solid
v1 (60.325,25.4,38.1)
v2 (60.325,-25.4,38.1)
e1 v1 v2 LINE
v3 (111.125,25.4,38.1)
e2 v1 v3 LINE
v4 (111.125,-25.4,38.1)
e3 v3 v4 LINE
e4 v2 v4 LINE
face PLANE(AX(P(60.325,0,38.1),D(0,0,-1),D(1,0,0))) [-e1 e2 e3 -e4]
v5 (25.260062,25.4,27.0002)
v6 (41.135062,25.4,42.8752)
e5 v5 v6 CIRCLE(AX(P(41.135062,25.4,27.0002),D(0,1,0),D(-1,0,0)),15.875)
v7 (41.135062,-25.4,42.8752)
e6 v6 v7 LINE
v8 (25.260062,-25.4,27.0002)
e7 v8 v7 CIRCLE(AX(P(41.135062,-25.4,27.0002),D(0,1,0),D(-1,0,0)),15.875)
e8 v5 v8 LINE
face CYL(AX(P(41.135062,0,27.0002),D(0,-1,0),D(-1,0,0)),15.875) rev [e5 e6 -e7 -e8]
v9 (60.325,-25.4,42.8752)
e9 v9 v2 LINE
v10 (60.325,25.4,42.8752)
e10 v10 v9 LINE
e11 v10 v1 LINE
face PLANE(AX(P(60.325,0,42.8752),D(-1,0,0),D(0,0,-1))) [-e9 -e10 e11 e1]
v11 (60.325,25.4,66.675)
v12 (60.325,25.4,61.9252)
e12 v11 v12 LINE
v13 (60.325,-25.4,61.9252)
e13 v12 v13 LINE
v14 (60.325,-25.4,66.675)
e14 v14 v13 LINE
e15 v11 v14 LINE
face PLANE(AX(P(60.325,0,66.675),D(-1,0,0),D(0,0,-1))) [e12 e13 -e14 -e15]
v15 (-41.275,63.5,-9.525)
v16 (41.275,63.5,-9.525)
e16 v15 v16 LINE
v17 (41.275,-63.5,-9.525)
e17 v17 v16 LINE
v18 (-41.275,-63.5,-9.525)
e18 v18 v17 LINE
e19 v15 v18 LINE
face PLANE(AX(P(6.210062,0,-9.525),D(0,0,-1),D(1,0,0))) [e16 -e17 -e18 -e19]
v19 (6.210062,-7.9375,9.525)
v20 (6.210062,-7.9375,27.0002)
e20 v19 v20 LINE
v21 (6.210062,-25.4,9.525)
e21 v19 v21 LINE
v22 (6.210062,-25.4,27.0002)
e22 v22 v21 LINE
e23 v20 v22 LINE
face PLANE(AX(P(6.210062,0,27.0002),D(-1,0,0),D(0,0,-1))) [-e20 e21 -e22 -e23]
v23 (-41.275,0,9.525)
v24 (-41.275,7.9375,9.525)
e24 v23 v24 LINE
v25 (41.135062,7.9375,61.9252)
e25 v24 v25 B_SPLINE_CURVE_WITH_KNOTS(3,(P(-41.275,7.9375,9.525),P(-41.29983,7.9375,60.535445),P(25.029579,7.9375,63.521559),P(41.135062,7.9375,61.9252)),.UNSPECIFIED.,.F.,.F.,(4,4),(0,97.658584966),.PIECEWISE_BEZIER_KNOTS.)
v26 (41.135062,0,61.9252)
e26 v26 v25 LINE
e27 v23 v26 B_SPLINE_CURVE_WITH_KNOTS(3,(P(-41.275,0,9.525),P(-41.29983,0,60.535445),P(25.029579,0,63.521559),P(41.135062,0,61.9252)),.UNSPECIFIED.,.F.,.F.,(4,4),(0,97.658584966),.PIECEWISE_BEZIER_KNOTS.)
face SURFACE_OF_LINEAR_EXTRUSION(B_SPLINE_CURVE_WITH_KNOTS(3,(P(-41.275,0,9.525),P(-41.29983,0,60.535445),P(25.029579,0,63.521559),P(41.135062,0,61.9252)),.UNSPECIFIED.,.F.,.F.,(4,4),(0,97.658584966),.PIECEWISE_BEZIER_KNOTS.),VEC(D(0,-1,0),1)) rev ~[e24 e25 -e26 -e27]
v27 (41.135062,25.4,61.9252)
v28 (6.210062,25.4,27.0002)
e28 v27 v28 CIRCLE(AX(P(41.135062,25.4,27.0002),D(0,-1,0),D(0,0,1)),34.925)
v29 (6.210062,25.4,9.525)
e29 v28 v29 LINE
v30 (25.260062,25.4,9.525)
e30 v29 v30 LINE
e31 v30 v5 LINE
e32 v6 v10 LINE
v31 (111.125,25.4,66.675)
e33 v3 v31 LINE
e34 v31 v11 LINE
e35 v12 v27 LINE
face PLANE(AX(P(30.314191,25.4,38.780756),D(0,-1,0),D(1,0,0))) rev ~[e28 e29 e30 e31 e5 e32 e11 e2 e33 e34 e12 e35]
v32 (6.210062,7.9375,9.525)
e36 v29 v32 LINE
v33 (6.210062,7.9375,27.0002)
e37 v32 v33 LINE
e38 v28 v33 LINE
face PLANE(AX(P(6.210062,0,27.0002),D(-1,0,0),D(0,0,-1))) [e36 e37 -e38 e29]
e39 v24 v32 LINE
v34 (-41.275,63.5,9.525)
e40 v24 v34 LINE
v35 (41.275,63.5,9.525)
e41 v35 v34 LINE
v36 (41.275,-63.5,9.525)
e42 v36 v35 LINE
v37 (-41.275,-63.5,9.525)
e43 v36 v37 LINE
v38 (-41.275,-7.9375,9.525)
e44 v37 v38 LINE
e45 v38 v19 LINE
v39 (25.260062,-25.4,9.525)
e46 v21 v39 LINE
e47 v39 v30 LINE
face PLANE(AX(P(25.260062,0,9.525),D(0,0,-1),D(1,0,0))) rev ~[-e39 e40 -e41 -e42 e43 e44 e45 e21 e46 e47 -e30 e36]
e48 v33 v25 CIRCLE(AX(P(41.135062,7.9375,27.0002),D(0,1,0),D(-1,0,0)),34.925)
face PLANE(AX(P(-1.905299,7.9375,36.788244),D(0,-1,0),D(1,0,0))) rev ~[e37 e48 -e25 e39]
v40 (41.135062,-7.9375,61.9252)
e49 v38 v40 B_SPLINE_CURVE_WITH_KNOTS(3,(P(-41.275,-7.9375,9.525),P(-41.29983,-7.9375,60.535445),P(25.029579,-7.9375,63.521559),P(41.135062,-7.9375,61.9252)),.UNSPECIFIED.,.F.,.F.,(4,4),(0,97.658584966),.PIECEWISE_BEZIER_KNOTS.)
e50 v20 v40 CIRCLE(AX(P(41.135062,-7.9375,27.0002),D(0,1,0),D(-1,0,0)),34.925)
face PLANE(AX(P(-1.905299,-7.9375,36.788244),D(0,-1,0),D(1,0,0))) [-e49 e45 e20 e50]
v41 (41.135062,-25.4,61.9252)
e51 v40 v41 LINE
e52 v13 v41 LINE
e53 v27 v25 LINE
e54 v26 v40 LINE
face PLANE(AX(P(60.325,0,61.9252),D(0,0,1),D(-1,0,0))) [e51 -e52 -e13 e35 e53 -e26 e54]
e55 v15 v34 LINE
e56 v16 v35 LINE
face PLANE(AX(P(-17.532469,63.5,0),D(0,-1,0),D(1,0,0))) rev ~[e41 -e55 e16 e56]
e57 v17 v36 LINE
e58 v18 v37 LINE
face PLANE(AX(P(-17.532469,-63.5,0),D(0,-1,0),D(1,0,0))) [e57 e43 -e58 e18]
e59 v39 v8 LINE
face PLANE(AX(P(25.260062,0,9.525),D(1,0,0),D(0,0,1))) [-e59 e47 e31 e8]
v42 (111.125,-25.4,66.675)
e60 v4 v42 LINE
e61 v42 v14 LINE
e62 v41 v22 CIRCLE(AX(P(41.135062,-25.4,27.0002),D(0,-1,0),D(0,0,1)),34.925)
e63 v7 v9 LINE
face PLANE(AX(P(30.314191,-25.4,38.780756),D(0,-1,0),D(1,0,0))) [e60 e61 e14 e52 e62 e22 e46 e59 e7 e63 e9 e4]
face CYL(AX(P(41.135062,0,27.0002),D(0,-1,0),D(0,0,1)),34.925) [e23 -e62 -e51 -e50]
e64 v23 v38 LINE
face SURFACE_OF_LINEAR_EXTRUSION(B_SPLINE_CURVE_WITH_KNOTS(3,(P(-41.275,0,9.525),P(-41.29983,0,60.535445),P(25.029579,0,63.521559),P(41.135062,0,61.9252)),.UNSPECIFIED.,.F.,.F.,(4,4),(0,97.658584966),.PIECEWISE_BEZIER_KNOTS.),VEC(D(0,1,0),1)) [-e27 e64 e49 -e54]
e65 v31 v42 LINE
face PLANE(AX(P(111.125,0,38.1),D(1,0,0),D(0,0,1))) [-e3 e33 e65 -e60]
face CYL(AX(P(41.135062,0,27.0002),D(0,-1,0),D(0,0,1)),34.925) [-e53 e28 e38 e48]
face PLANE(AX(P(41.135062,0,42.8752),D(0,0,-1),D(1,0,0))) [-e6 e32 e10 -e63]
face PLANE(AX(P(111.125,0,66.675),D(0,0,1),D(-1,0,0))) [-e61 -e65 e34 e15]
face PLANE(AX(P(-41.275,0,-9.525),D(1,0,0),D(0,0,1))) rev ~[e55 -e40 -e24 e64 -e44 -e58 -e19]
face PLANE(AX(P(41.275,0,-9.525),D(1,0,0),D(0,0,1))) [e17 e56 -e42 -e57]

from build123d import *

# Parameters (mm, degrees)
F0_W     = 47.4850616275
F0_H     = 19.05
F0_W_2   = 16.0149383725
F0_W_3   = 19.05
F1_DEPTH = 63.5
F2_DEPTH = 25.4
F3_DEPTH = 7.9375


with BuildPart() as f1:
    # F0 (on Front) → F1 (new body, symmetric)
    with BuildSketch(Plane.XZ):
        with Locations((-17.5324691862, 0)):
            Rectangle(F0_W, F0_H)
        with Locations((33.2675308138, 0)):
            Rectangle(F0_W_2, F0_H)
        with Locations((15.7350616275, 0)):
            Rectangle(F0_W_3, F0_H)
    extrude(amount=F1_DEPTH, both=True)

    # F0 (on Front) → F2 (join, symmetric)
    with BuildSketch(Plane.XZ):
        with BuildLine():
            Line((6.2100616275, 9.525), (25.2600616275, 9.525))
            Line((25.2600616275, 9.525), (25.2600616275, 27.0002))
            ThreePointArc((25.2600616275, 27.0002), (29.9097414762, 38.2255201513), (41.1350616275, 42.8752))
            Line((41.1350616275, 42.8752), (60.325, 42.8752))
            Line((60.325, 42.8752), (60.325, 61.9252))
            Line((60.325, 61.9252), (41.1350616275, 61.9252))
            ThreePointArc((41.1350616275, 61.9252), (16.4393572946, 51.6959043329), (6.2100616275, 27.0002))
            Line((6.2100616275, 27.0002), (6.2100616275, 9.525))
        make_face()
        with Locations((15.7350616275, 0)):
            Rectangle(F0_W_3, F0_H)
        with Locations((33.2675308138, 0)):
            Rectangle(F0_W_2, F0_H)
        Polygon((60.325, 61.9252), (60.325, 42.8752), (60.325, 38.1), (98.117655005, 38.1), (98.2993766665, 66.675), (60.325, 66.675), align=None)
        Polygon((98.2993766665, 66.675), (98.117655005, 38.1), (111.125, 38.1), (111.125, 66.675), align=None)
    extrude(amount=F2_DEPTH, both=True)

    # F0 (on Front) → F3 (join, symmetric)
    with BuildSketch(Plane.XZ):
        with BuildLine():
            Line((-41.275, 9.525), (6.2100616275, 9.525))
            Line((6.2100616275, 9.525), (6.2100616275, 27.0002))
            ThreePointArc((6.2100616275, 27.0002), (16.4393572946, 51.6959043329), (41.1350616275, 61.9252))
            add(Edge.make_bspline(
                [(-41.275, 9.525), (-41.299830026, 60.5354448615), (25.0295793076, 63.5215594349), (41.1350616275, 61.9252)],
                knots=[0, 0, 0, 0, 97.6585849656, 97.6585849656, 97.6585849656, 97.6585849656], degree=3))
        make_face()
    extrude(amount=F3_DEPTH, both=True)


solid = f1.part
